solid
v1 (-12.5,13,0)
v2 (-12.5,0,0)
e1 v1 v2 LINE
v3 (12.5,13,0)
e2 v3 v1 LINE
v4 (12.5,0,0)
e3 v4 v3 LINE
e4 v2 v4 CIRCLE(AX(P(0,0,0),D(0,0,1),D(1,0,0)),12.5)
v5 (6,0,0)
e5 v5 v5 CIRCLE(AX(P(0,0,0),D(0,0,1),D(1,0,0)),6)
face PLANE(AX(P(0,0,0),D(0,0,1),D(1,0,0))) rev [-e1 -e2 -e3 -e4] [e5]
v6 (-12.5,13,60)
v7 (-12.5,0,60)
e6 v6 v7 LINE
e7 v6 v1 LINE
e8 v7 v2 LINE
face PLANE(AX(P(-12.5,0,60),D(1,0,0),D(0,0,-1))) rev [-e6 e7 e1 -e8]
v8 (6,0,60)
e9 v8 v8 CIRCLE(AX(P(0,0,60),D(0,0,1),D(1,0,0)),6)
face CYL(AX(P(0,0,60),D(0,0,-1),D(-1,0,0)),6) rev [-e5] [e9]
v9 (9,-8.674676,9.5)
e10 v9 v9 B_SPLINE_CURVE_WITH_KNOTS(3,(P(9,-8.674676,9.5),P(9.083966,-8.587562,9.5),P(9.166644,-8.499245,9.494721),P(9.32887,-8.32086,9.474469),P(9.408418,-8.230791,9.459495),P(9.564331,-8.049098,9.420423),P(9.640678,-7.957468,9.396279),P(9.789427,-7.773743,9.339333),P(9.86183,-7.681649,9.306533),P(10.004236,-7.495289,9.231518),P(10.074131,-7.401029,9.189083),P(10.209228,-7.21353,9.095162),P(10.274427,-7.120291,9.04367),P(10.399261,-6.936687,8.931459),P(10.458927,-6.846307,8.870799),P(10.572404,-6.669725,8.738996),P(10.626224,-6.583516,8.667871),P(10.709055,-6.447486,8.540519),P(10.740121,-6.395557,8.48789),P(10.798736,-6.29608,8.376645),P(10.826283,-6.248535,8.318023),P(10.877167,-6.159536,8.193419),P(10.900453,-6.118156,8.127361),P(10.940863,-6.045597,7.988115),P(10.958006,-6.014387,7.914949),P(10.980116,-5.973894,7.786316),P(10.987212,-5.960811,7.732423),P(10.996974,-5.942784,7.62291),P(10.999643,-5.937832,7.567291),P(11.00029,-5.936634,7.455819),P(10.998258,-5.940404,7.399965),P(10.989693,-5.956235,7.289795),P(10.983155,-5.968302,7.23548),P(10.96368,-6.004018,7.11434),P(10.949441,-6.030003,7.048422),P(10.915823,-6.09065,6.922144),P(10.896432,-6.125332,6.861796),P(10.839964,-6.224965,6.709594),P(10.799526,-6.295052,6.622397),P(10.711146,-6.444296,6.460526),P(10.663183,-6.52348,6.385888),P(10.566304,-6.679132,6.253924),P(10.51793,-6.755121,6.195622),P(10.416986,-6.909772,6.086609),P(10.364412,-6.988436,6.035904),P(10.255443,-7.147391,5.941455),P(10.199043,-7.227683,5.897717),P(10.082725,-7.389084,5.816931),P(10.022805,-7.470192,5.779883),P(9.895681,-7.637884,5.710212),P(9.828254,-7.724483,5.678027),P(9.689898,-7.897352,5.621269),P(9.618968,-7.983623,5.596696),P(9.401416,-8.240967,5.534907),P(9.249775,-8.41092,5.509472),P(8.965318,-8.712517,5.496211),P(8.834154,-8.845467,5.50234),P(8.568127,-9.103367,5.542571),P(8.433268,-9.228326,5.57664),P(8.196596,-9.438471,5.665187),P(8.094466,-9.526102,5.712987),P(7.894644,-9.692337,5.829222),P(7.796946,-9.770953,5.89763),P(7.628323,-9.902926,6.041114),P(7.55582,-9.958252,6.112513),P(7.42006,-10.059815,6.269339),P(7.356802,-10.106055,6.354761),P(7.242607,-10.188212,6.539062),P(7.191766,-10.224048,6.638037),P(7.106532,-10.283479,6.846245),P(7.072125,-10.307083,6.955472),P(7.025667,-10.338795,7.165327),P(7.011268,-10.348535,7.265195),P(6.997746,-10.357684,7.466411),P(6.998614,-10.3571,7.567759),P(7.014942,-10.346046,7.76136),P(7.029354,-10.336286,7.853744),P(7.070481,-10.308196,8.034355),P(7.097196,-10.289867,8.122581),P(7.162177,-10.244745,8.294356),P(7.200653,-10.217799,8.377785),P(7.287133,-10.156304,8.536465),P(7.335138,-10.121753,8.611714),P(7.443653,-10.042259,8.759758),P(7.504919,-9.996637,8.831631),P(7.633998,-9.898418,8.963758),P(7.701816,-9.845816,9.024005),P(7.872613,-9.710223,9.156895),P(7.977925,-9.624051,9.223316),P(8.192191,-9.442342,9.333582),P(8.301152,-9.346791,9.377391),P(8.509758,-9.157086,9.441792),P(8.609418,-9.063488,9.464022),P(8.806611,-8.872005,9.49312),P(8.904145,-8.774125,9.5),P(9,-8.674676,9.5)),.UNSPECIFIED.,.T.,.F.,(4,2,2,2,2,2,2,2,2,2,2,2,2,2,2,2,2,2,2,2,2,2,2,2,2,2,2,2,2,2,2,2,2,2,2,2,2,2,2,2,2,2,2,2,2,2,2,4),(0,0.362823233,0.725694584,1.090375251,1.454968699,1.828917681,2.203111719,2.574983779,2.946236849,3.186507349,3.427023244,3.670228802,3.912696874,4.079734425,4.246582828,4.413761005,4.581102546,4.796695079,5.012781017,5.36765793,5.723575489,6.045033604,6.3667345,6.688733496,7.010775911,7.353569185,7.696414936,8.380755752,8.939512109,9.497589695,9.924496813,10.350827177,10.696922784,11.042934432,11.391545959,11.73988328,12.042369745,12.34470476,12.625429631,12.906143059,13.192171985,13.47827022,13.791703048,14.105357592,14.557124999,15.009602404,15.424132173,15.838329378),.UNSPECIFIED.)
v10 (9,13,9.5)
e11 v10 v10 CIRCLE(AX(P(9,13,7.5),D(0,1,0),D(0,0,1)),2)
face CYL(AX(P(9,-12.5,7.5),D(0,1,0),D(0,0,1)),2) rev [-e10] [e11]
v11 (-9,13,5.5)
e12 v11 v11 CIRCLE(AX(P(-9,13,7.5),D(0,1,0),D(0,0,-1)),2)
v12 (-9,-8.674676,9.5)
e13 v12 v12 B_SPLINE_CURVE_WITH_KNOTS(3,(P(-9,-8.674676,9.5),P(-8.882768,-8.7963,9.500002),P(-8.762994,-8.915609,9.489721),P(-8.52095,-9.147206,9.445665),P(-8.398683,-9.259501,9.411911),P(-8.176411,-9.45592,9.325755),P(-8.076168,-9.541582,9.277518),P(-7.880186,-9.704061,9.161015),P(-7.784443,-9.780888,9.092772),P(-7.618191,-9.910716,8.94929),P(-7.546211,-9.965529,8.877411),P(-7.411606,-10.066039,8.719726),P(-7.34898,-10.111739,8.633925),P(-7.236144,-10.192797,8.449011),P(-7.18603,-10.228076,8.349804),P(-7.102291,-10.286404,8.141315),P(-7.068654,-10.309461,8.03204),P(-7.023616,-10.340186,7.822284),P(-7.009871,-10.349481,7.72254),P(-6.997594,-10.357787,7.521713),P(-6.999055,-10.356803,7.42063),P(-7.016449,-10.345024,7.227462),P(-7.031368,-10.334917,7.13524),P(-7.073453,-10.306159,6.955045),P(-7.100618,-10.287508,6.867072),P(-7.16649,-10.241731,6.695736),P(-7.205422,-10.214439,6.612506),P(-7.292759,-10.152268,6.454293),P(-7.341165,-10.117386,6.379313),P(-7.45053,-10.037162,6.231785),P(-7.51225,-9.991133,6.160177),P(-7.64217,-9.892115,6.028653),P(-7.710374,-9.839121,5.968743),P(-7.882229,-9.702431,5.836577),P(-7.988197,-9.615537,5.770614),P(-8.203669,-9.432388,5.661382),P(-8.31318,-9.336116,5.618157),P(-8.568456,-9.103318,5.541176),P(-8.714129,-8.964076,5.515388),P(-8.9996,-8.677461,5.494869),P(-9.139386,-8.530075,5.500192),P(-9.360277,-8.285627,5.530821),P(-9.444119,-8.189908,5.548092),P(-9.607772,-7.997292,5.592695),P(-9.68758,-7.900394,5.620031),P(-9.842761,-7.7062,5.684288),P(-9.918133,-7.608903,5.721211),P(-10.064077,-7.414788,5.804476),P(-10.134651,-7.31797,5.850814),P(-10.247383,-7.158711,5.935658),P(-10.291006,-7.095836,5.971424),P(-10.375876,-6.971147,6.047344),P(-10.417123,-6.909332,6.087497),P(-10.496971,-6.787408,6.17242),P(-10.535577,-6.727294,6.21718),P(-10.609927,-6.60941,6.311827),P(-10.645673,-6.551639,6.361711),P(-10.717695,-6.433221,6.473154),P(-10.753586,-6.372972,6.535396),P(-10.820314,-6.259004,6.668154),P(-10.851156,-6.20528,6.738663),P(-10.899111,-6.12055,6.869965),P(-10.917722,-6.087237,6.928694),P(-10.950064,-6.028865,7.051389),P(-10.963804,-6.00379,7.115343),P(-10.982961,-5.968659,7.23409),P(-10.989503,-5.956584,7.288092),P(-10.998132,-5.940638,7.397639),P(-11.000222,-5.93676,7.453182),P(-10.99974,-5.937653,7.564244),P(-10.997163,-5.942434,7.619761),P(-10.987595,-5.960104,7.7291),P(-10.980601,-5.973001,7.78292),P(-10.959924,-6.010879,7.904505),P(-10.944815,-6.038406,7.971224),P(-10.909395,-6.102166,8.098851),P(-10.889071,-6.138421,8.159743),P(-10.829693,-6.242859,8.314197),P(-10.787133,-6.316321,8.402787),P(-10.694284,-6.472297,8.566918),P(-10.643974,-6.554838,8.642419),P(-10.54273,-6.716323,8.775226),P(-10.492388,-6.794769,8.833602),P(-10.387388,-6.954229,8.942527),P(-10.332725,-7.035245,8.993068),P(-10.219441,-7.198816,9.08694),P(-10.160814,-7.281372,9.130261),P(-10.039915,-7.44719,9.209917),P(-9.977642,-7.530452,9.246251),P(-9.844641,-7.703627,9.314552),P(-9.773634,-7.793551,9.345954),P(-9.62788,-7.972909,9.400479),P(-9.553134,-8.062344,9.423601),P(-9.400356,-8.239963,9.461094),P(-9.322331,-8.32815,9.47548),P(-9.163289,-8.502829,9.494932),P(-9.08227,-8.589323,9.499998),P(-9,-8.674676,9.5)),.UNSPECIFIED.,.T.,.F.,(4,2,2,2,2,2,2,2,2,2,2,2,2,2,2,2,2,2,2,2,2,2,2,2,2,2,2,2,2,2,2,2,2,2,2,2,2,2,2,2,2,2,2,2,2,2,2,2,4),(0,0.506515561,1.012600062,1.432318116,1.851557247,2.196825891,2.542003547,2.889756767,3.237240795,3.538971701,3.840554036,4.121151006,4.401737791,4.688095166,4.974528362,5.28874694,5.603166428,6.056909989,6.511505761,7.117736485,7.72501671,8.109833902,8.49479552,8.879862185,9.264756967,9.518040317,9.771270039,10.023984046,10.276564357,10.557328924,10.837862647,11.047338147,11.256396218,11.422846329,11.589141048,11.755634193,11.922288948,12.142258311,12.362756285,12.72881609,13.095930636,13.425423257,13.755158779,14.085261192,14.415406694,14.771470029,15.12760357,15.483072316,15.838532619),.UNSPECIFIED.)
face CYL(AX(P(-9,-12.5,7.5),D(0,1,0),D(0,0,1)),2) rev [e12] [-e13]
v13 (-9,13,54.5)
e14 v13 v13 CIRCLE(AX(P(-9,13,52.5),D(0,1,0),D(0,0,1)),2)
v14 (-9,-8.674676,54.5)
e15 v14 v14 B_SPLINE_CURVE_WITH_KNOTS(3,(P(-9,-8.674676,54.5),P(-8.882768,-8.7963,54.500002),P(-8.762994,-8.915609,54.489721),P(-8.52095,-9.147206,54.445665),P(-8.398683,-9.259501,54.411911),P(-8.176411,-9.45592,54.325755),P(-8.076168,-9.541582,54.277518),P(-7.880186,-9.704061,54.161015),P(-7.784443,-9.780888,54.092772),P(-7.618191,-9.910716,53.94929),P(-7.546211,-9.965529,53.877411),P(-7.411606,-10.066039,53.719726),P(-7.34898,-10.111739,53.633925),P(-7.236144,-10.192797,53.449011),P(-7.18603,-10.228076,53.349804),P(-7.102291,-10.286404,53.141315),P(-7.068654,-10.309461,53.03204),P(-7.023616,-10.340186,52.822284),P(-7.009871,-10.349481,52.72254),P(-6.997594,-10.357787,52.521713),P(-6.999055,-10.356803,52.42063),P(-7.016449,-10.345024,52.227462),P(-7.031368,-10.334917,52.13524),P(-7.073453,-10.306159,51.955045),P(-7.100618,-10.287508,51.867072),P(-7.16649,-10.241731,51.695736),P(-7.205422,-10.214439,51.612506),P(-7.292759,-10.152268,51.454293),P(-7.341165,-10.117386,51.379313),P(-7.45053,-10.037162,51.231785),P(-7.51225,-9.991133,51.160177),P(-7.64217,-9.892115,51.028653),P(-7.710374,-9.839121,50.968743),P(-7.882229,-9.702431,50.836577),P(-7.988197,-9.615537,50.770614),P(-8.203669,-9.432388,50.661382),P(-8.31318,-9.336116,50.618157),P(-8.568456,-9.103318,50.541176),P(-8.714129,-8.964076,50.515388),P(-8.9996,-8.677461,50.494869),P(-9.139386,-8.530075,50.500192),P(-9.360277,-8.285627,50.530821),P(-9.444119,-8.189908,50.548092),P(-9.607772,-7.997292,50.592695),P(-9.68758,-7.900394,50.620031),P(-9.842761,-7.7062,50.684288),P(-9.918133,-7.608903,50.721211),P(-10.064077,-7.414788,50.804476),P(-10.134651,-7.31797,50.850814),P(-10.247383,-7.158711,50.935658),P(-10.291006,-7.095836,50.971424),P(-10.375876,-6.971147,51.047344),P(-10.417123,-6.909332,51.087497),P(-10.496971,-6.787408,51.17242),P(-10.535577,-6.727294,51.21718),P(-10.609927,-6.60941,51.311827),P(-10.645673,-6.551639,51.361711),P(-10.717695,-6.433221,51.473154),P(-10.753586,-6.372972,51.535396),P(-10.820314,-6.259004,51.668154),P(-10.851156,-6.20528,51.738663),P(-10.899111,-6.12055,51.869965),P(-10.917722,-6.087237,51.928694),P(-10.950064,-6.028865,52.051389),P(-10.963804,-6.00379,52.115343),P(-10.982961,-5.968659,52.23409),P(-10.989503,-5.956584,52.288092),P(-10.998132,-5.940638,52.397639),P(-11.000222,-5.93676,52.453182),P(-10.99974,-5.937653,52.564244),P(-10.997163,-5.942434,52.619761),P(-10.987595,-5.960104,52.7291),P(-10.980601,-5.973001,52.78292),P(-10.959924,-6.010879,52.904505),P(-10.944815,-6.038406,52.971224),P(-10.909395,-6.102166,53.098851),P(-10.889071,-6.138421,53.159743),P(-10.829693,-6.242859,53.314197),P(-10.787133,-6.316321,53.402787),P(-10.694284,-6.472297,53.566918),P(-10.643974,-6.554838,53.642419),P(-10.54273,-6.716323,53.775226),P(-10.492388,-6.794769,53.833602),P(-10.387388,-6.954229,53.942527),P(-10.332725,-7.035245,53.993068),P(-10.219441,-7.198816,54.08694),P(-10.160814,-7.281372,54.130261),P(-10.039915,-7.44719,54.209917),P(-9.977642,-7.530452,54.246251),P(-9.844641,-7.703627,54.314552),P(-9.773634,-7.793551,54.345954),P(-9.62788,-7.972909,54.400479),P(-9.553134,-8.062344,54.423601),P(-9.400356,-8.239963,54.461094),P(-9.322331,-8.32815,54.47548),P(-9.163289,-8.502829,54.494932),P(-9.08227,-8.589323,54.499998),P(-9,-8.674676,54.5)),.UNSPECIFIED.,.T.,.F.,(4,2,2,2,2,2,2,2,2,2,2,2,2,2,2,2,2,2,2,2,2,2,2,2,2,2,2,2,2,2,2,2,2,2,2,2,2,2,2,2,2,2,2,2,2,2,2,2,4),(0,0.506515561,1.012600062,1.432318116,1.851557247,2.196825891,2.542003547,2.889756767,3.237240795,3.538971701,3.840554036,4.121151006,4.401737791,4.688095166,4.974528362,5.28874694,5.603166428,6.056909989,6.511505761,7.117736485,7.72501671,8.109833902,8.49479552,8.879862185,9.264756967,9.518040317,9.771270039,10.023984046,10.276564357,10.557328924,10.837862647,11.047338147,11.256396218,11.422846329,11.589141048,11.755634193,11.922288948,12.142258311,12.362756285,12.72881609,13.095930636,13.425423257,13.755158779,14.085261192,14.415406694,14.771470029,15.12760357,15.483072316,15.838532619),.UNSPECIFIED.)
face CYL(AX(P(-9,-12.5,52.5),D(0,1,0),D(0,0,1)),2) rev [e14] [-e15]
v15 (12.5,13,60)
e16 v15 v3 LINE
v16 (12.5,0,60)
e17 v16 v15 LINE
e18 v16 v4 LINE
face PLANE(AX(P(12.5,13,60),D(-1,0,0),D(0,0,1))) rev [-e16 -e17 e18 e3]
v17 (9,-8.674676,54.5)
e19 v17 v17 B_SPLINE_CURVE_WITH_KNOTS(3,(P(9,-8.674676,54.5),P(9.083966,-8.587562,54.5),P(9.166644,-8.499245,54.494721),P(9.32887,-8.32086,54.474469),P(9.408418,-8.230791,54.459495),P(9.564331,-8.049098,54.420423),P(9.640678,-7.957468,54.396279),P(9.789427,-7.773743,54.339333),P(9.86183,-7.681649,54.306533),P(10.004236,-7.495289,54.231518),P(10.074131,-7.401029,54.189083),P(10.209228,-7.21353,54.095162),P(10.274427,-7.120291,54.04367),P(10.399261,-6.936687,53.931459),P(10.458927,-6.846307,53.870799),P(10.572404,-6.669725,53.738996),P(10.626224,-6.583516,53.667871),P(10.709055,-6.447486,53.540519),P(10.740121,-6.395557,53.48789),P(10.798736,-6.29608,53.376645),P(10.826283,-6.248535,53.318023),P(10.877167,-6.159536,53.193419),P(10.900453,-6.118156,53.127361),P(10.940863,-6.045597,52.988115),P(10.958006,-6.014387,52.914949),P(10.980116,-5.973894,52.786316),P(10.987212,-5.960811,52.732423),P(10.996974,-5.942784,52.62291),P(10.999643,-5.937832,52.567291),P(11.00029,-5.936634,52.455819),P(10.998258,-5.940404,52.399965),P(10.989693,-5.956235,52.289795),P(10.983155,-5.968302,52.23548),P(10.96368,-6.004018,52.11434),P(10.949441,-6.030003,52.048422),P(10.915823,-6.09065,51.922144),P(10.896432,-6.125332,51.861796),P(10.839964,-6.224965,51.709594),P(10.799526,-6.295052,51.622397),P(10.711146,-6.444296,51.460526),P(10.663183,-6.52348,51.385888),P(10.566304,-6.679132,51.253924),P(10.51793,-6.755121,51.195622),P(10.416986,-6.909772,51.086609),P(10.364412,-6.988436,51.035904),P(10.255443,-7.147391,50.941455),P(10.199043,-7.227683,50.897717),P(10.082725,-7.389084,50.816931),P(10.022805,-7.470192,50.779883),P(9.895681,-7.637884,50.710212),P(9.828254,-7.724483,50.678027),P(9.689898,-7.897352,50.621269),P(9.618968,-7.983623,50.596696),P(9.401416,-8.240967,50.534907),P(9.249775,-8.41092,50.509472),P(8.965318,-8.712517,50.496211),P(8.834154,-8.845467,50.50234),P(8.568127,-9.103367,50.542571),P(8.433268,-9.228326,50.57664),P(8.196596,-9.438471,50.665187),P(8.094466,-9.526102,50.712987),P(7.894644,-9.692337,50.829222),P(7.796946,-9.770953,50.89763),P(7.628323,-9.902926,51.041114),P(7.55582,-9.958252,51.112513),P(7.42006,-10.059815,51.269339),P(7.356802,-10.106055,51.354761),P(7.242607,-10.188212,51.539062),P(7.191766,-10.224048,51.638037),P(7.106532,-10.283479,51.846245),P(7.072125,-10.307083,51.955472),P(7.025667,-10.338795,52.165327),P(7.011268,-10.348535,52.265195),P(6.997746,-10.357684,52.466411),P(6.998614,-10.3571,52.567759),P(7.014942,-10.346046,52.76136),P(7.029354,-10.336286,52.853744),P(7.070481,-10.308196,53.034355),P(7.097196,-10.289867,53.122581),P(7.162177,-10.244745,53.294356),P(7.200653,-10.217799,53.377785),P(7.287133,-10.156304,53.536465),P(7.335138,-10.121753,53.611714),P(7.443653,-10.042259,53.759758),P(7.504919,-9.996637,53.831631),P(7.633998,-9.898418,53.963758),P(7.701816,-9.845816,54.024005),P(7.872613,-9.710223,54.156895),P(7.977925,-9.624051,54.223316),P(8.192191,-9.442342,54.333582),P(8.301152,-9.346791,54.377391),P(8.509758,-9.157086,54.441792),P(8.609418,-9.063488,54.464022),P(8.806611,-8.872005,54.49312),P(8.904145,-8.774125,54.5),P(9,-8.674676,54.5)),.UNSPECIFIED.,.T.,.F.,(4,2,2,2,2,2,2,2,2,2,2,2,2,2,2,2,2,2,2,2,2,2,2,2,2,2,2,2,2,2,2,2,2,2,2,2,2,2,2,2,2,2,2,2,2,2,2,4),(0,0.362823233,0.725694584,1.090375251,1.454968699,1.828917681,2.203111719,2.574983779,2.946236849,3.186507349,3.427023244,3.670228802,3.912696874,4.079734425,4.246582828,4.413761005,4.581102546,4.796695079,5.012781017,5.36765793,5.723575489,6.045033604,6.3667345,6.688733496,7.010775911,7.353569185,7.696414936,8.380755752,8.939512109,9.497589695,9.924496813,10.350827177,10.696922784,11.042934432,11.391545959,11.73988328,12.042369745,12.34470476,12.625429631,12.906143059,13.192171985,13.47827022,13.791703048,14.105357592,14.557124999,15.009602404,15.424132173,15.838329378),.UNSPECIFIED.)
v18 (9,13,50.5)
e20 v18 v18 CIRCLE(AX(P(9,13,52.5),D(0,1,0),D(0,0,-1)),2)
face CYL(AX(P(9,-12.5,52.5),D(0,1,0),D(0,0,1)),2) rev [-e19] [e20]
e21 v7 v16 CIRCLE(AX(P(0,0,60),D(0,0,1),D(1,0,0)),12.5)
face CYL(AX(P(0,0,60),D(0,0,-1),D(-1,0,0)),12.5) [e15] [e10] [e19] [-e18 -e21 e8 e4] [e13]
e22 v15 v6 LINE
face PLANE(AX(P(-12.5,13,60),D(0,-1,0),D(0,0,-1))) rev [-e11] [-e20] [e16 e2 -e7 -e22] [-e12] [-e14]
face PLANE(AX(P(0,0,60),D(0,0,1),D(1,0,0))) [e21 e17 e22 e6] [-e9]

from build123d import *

# Parameters (mm, degrees)
ESBO_O1_R                = 6
RESSALTO_EXTRUS_O1_DEPTH = 60
ESBO_O3_R                = 2
CORTE_EXTRUS_O1_DEPTH    = 67.381473319


with BuildPart() as part:
    # Esboço1 → Ressalto-extrusão1 (new body)
    with BuildSketch(Plane.XY):
        with BuildLine():
            Line((-12.5, 0), (-12.5, 13))
            Line((-12.5, 13), (12.5, 13))
            Line((12.5, 13), (12.5, 0))
            ThreePointArc((12.5, 0), (0, -12.5), (-12.5, 0))
        make_face()
        Circle(ESBO_O1_R, mode=Mode.SUBTRACT)
    extrude(amount=RESSALTO_EXTRUS_O1_DEPTH)

    # Esboço3 → Corte-extrusão1 (cut, through all)
    with BuildSketch(Plane(origin=(0, 13, 0), x_dir=(1, 0, 0), z_dir=(0, 1, 0))):
        with Locations(Location((-9, -52.5, 0), (0, 0, 270))):
            Circle(ESBO_O3_R)
        with Locations(Location((-9, -7.5, 0), (0, 0, 270))):
            Circle(ESBO_O3_R)
        with Locations(Location((9, -52.5, 0), (0, 0, 270))):
            Circle(ESBO_O3_R)
        with Locations(Location((9, -7.5, 0), (0, 0, 270))):
            Circle(ESBO_O3_R)
    extrude(amount=-CORTE_EXTRUS_O1_DEPTH, mode=Mode.SUBTRACT)


solid = part.part
